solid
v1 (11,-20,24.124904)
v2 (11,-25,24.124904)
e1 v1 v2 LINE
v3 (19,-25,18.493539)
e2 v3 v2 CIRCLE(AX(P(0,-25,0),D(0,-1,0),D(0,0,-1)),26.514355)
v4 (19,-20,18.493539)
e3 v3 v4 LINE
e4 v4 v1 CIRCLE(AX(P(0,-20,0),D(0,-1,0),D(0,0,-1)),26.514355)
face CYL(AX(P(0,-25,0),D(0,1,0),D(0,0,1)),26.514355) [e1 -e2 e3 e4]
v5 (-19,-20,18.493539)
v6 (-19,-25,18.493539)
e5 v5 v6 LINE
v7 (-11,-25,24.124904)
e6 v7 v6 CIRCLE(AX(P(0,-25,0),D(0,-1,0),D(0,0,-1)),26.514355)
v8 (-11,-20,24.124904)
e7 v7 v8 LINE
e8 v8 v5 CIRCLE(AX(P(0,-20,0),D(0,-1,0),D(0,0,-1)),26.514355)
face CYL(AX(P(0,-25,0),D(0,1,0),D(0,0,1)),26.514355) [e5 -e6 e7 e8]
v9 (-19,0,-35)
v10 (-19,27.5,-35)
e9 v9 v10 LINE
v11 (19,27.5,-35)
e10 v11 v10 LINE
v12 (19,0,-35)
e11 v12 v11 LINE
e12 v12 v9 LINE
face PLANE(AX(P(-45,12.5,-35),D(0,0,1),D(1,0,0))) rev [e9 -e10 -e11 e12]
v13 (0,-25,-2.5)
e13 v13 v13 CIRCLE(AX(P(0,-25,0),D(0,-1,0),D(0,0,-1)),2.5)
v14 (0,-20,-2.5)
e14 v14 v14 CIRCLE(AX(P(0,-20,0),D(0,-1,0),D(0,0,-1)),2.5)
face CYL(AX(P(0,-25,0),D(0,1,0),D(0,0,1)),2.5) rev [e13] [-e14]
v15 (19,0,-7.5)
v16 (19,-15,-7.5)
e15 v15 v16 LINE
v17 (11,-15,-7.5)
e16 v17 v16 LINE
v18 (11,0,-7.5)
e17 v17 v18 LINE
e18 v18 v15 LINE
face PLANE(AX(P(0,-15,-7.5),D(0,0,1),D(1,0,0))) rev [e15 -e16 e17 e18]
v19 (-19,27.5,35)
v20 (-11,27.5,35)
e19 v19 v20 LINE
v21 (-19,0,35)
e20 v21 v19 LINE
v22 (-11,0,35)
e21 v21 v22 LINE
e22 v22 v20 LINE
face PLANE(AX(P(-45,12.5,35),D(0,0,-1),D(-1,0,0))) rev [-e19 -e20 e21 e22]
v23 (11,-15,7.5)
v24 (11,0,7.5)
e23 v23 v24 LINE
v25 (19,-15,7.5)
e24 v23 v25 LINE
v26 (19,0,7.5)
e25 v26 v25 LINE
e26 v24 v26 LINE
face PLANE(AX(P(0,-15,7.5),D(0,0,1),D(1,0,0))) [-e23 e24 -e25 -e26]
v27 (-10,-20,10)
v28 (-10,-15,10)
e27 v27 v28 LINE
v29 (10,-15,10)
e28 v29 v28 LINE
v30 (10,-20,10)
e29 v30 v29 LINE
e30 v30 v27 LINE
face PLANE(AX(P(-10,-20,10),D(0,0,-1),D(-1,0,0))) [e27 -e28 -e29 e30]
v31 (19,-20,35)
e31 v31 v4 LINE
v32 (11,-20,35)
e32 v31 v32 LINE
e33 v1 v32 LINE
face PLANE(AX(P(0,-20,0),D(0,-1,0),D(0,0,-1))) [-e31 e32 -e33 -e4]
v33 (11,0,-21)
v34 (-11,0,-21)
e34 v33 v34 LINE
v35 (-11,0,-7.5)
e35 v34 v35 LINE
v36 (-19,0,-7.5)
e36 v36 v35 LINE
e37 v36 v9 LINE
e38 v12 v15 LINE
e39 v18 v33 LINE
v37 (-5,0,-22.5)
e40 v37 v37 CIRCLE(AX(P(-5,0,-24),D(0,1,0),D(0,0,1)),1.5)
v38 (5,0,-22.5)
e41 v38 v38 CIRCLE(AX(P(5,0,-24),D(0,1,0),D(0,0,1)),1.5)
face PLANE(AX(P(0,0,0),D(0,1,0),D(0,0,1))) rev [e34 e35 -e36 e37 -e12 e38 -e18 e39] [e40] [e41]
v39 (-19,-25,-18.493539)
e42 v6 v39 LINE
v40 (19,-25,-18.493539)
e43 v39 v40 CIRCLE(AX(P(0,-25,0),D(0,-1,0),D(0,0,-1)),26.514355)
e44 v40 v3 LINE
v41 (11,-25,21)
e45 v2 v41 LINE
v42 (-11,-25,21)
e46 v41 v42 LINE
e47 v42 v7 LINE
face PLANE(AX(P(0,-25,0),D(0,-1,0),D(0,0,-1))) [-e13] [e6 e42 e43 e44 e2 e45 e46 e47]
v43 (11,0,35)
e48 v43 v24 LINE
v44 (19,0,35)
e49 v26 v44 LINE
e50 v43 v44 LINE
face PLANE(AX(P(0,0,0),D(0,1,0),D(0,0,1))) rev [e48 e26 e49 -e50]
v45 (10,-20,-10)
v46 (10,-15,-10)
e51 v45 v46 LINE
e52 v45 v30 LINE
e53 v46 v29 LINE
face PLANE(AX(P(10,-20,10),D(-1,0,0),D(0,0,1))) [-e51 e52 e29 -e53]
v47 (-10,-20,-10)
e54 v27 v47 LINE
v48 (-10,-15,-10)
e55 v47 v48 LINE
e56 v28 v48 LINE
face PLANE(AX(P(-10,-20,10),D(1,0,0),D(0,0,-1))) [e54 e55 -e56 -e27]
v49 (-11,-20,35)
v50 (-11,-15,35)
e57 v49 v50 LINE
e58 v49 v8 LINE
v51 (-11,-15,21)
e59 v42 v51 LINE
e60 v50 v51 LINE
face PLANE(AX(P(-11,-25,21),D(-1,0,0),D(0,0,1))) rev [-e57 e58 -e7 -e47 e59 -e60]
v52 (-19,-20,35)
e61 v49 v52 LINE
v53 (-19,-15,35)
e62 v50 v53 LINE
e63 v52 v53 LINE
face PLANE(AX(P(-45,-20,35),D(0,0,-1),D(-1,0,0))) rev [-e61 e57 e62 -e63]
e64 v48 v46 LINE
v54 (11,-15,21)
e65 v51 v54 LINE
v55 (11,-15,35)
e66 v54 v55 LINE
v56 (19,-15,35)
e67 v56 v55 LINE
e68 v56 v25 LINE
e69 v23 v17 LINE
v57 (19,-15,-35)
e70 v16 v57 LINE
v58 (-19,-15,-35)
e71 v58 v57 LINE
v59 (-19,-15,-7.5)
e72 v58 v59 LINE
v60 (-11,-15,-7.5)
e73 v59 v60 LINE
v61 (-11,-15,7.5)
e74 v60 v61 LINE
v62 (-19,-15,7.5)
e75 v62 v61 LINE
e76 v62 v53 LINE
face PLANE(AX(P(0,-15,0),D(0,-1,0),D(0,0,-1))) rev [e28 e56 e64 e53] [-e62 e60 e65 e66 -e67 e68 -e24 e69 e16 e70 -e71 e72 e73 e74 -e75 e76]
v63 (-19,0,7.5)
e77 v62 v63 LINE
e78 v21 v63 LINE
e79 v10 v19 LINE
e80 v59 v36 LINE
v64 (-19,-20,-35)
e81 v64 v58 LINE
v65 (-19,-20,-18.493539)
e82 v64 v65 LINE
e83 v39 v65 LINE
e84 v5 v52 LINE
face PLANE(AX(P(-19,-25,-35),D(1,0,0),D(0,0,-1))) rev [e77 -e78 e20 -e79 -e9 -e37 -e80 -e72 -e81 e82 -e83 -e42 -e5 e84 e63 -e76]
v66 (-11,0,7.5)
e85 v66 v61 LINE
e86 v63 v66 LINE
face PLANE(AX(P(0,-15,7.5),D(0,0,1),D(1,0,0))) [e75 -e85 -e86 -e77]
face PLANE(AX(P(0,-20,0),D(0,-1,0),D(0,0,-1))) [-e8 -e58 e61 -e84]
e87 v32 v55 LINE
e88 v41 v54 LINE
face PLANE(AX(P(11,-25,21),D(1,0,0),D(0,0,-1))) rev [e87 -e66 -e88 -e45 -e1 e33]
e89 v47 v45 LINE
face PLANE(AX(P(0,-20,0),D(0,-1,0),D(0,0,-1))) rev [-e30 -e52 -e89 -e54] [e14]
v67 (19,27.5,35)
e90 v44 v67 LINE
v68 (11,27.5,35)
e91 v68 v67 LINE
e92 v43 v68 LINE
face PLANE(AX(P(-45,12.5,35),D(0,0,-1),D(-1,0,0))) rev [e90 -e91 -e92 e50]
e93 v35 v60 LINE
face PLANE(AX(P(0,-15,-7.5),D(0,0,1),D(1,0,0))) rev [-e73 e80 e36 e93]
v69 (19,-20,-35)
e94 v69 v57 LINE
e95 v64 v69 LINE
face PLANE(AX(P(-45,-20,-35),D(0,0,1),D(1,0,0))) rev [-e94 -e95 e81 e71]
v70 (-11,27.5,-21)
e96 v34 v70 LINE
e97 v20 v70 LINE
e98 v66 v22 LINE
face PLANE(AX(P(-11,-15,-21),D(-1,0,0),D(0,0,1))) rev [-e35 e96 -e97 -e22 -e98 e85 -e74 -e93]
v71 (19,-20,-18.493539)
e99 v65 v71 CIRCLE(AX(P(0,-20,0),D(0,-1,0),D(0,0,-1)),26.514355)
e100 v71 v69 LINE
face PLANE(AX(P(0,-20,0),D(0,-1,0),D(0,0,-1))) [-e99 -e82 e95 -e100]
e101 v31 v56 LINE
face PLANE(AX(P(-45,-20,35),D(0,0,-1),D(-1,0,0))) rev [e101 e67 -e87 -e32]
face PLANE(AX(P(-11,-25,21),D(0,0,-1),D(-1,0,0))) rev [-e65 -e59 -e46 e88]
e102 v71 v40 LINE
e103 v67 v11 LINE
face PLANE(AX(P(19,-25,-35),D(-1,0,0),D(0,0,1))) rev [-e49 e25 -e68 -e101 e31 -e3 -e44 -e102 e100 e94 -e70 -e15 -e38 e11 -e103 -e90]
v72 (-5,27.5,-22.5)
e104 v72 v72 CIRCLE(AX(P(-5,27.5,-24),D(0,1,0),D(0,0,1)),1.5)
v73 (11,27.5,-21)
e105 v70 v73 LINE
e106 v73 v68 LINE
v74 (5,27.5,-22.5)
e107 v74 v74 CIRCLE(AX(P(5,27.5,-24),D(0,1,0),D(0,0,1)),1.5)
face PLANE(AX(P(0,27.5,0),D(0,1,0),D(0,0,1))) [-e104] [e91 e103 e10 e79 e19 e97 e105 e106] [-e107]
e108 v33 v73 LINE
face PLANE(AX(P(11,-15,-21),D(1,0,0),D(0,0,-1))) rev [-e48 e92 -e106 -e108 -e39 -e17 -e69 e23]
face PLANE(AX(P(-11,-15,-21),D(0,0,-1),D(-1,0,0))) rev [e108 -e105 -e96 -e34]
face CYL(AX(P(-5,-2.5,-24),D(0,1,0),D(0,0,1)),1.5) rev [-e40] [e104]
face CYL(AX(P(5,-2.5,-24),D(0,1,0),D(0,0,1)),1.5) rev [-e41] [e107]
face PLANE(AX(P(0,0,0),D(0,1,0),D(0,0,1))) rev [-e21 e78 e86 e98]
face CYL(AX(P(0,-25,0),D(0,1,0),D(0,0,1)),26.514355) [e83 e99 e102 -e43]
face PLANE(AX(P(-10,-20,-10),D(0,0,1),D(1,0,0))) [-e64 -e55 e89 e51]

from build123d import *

# Parameters (mm, degrees)
SKETCH1_W           = 90
SKETCH1_H           = 70
BOSS_EXTRUDE1_DEPTH = 12.5
SKETCH3_W           = 90
SKETCH3_H           = 15
BOSS_EXTRUDE2_DEPTH = 15
SKETCH4_R           = 1.25
SKETCH4_W           = 22
SKETCH4_H           = 42
CUT_EXTRUDE1_DEPTH  = 64.294944506
SKETCH7_W           = 90
SKETCH7_H           = 70
SKETCH7_W_2         = 20
SKETCH7_H_2         = 20
BOSS_EXTRUDE3_DEPTH = 5
SKETCH8_R           = 26.514354508
SKETCH8_R_2         = 2.5
BOSS_EXTRUDE4_DEPTH = 5
SKETCH12_W          = 22
SKETCH12_H          = 14
CUT_EXTRUDE3_DEPTH  = 69.23672032
SKETCH16_W          = 26
SKETCH16_H          = 70
CUT_EXTRUDE5_DEPTH  = 69.23672032
BOSS_EXTRUDE5_START = 15
SKETCH17_R          = 1.25
BOSS_EXTRUDE5_DEPTH = 15
SKETCH18_R          = 1.5
CUT_EXTRUDE6_DEPTH  = 30


with BuildPart() as part:
    # Sketch1 → Boss-Extrude1 (new body)
    with BuildSketch(Plane(origin=(0, 0, 0), x_dir=(1, 0, 0), z_dir=(0, 1, 0))):
        Rectangle(SKETCH1_W, SKETCH1_H)
    extrude(amount=BOSS_EXTRUDE1_DEPTH)

    # Sketch3 → Boss-Extrude2 (add)
    with BuildSketch(Plane.XZ):
        Rectangle(SKETCH3_W, SKETCH3_H)
    extrude(amount=BOSS_EXTRUDE2_DEPTH)

    # Sketch4 → Cut-Extrude1 (cut, through all)
    with BuildSketch(Plane(origin=(0, 12.5, 0), x_dir=(1, 0, 0), z_dir=(0, 1, 0))):
        with Locations(Location((-5, 24, 0), (0, 0, 270))):
            Circle(SKETCH4_R)
        with Locations(Location((5, 24, 0), (0, 0, 270))):
            Circle(SKETCH4_R)
        with Locations(Location((5, -24, 0), (0, 0, 270))):
            Circle(SKETCH4_R)
        with Locations(Location((-5, -24, 0), (0, 0, 270))):
            Circle(SKETCH4_R)
        Rectangle(SKETCH4_W, SKETCH4_H)
    extrude(amount=-CUT_EXTRUDE1_DEPTH, mode=Mode.SUBTRACT)

    # Sketch7 → Boss-Extrude3 (add)
    with BuildSketch(Plane.XZ.offset(15)):
        Rectangle(SKETCH7_W, SKETCH7_H)
        Rectangle(SKETCH7_W_2, SKETCH7_H_2, mode=Mode.SUBTRACT)
    extrude(amount=BOSS_EXTRUDE3_DEPTH)

    # Sketch8 → Boss-Extrude4 (add)
    with BuildSketch(Plane.XZ.offset(20)):
        with Locations(Location((0, 0, 0), (0, 0, 270))):
            Circle(SKETCH8_R)
        with Locations(Location((0, 0, 0), (0, 0, 270))):
            Circle(SKETCH8_R_2, mode=Mode.SUBTRACT)
    extrude(amount=BOSS_EXTRUDE4_DEPTH)

    # Sketch12 → Cut-Extrude3 (cut, through all)
    with BuildSketch(Plane(origin=(0, 12.5, 0), x_dir=(1, 0, 0), z_dir=(0, 1, 0))):
        with Locations((0, -28)):
            Rectangle(SKETCH12_W, SKETCH12_H)
    extrude(amount=-CUT_EXTRUDE3_DEPTH, mode=Mode.SUBTRACT)

    # Sketch16 → Cut-Extrude5 (cut, through all)
    with BuildSketch(Plane(origin=(0, 12.5, 0), x_dir=(1, 0, 0), z_dir=(0, 1, 0))):
        with Locations((-32, 0)):
            Rectangle(SKETCH16_W, SKETCH16_H)
        with Locations((32, 0)):
            Rectangle(SKETCH16_W, SKETCH16_H)
    extrude(amount=-CUT_EXTRUDE5_DEPTH, mode=Mode.SUBTRACT)

    # Sketch17 → Boss-Extrude5 (add)
    with BuildSketch(Plane(origin=(0, 12.5, 0), x_dir=(1, 0, 0), z_dir=(0, 1, 0)).offset(BOSS_EXTRUDE5_START)):
        Polygon((19, 35), (-19, 35), (-19, -35), (-11, -35), (-11, 21), (11, 21), (11, -35), (19, -35), align=None)
        with Locations(Location((5, 24, 0), (0, 0, 270))):
            Circle(SKETCH17_R, mode=Mode.SUBTRACT)
        with Locations(Location((-5, 24, 0), (0, 0, 270))):
            Circle(SKETCH17_R, mode=Mode.SUBTRACT)
    extrude(amount=-BOSS_EXTRUDE5_DEPTH)

    # Sketch18 → Cut-Extrude6 (cut)
    with BuildSketch(Plane(origin=(0, 27.5, 0), x_dir=(1, 0, 0), z_dir=(0, 1, 0))):
        with Locations(Location((-5, 24, 0), (0, 0, 270))):
            Circle(SKETCH18_R)
        with Locations(Location((5, 24, 0), (0, 0, 270))):
            Circle(SKETCH18_R)
    extrude(amount=-CUT_EXTRUDE6_DEPTH, mode=Mode.SUBTRACT)


solid = part.part
